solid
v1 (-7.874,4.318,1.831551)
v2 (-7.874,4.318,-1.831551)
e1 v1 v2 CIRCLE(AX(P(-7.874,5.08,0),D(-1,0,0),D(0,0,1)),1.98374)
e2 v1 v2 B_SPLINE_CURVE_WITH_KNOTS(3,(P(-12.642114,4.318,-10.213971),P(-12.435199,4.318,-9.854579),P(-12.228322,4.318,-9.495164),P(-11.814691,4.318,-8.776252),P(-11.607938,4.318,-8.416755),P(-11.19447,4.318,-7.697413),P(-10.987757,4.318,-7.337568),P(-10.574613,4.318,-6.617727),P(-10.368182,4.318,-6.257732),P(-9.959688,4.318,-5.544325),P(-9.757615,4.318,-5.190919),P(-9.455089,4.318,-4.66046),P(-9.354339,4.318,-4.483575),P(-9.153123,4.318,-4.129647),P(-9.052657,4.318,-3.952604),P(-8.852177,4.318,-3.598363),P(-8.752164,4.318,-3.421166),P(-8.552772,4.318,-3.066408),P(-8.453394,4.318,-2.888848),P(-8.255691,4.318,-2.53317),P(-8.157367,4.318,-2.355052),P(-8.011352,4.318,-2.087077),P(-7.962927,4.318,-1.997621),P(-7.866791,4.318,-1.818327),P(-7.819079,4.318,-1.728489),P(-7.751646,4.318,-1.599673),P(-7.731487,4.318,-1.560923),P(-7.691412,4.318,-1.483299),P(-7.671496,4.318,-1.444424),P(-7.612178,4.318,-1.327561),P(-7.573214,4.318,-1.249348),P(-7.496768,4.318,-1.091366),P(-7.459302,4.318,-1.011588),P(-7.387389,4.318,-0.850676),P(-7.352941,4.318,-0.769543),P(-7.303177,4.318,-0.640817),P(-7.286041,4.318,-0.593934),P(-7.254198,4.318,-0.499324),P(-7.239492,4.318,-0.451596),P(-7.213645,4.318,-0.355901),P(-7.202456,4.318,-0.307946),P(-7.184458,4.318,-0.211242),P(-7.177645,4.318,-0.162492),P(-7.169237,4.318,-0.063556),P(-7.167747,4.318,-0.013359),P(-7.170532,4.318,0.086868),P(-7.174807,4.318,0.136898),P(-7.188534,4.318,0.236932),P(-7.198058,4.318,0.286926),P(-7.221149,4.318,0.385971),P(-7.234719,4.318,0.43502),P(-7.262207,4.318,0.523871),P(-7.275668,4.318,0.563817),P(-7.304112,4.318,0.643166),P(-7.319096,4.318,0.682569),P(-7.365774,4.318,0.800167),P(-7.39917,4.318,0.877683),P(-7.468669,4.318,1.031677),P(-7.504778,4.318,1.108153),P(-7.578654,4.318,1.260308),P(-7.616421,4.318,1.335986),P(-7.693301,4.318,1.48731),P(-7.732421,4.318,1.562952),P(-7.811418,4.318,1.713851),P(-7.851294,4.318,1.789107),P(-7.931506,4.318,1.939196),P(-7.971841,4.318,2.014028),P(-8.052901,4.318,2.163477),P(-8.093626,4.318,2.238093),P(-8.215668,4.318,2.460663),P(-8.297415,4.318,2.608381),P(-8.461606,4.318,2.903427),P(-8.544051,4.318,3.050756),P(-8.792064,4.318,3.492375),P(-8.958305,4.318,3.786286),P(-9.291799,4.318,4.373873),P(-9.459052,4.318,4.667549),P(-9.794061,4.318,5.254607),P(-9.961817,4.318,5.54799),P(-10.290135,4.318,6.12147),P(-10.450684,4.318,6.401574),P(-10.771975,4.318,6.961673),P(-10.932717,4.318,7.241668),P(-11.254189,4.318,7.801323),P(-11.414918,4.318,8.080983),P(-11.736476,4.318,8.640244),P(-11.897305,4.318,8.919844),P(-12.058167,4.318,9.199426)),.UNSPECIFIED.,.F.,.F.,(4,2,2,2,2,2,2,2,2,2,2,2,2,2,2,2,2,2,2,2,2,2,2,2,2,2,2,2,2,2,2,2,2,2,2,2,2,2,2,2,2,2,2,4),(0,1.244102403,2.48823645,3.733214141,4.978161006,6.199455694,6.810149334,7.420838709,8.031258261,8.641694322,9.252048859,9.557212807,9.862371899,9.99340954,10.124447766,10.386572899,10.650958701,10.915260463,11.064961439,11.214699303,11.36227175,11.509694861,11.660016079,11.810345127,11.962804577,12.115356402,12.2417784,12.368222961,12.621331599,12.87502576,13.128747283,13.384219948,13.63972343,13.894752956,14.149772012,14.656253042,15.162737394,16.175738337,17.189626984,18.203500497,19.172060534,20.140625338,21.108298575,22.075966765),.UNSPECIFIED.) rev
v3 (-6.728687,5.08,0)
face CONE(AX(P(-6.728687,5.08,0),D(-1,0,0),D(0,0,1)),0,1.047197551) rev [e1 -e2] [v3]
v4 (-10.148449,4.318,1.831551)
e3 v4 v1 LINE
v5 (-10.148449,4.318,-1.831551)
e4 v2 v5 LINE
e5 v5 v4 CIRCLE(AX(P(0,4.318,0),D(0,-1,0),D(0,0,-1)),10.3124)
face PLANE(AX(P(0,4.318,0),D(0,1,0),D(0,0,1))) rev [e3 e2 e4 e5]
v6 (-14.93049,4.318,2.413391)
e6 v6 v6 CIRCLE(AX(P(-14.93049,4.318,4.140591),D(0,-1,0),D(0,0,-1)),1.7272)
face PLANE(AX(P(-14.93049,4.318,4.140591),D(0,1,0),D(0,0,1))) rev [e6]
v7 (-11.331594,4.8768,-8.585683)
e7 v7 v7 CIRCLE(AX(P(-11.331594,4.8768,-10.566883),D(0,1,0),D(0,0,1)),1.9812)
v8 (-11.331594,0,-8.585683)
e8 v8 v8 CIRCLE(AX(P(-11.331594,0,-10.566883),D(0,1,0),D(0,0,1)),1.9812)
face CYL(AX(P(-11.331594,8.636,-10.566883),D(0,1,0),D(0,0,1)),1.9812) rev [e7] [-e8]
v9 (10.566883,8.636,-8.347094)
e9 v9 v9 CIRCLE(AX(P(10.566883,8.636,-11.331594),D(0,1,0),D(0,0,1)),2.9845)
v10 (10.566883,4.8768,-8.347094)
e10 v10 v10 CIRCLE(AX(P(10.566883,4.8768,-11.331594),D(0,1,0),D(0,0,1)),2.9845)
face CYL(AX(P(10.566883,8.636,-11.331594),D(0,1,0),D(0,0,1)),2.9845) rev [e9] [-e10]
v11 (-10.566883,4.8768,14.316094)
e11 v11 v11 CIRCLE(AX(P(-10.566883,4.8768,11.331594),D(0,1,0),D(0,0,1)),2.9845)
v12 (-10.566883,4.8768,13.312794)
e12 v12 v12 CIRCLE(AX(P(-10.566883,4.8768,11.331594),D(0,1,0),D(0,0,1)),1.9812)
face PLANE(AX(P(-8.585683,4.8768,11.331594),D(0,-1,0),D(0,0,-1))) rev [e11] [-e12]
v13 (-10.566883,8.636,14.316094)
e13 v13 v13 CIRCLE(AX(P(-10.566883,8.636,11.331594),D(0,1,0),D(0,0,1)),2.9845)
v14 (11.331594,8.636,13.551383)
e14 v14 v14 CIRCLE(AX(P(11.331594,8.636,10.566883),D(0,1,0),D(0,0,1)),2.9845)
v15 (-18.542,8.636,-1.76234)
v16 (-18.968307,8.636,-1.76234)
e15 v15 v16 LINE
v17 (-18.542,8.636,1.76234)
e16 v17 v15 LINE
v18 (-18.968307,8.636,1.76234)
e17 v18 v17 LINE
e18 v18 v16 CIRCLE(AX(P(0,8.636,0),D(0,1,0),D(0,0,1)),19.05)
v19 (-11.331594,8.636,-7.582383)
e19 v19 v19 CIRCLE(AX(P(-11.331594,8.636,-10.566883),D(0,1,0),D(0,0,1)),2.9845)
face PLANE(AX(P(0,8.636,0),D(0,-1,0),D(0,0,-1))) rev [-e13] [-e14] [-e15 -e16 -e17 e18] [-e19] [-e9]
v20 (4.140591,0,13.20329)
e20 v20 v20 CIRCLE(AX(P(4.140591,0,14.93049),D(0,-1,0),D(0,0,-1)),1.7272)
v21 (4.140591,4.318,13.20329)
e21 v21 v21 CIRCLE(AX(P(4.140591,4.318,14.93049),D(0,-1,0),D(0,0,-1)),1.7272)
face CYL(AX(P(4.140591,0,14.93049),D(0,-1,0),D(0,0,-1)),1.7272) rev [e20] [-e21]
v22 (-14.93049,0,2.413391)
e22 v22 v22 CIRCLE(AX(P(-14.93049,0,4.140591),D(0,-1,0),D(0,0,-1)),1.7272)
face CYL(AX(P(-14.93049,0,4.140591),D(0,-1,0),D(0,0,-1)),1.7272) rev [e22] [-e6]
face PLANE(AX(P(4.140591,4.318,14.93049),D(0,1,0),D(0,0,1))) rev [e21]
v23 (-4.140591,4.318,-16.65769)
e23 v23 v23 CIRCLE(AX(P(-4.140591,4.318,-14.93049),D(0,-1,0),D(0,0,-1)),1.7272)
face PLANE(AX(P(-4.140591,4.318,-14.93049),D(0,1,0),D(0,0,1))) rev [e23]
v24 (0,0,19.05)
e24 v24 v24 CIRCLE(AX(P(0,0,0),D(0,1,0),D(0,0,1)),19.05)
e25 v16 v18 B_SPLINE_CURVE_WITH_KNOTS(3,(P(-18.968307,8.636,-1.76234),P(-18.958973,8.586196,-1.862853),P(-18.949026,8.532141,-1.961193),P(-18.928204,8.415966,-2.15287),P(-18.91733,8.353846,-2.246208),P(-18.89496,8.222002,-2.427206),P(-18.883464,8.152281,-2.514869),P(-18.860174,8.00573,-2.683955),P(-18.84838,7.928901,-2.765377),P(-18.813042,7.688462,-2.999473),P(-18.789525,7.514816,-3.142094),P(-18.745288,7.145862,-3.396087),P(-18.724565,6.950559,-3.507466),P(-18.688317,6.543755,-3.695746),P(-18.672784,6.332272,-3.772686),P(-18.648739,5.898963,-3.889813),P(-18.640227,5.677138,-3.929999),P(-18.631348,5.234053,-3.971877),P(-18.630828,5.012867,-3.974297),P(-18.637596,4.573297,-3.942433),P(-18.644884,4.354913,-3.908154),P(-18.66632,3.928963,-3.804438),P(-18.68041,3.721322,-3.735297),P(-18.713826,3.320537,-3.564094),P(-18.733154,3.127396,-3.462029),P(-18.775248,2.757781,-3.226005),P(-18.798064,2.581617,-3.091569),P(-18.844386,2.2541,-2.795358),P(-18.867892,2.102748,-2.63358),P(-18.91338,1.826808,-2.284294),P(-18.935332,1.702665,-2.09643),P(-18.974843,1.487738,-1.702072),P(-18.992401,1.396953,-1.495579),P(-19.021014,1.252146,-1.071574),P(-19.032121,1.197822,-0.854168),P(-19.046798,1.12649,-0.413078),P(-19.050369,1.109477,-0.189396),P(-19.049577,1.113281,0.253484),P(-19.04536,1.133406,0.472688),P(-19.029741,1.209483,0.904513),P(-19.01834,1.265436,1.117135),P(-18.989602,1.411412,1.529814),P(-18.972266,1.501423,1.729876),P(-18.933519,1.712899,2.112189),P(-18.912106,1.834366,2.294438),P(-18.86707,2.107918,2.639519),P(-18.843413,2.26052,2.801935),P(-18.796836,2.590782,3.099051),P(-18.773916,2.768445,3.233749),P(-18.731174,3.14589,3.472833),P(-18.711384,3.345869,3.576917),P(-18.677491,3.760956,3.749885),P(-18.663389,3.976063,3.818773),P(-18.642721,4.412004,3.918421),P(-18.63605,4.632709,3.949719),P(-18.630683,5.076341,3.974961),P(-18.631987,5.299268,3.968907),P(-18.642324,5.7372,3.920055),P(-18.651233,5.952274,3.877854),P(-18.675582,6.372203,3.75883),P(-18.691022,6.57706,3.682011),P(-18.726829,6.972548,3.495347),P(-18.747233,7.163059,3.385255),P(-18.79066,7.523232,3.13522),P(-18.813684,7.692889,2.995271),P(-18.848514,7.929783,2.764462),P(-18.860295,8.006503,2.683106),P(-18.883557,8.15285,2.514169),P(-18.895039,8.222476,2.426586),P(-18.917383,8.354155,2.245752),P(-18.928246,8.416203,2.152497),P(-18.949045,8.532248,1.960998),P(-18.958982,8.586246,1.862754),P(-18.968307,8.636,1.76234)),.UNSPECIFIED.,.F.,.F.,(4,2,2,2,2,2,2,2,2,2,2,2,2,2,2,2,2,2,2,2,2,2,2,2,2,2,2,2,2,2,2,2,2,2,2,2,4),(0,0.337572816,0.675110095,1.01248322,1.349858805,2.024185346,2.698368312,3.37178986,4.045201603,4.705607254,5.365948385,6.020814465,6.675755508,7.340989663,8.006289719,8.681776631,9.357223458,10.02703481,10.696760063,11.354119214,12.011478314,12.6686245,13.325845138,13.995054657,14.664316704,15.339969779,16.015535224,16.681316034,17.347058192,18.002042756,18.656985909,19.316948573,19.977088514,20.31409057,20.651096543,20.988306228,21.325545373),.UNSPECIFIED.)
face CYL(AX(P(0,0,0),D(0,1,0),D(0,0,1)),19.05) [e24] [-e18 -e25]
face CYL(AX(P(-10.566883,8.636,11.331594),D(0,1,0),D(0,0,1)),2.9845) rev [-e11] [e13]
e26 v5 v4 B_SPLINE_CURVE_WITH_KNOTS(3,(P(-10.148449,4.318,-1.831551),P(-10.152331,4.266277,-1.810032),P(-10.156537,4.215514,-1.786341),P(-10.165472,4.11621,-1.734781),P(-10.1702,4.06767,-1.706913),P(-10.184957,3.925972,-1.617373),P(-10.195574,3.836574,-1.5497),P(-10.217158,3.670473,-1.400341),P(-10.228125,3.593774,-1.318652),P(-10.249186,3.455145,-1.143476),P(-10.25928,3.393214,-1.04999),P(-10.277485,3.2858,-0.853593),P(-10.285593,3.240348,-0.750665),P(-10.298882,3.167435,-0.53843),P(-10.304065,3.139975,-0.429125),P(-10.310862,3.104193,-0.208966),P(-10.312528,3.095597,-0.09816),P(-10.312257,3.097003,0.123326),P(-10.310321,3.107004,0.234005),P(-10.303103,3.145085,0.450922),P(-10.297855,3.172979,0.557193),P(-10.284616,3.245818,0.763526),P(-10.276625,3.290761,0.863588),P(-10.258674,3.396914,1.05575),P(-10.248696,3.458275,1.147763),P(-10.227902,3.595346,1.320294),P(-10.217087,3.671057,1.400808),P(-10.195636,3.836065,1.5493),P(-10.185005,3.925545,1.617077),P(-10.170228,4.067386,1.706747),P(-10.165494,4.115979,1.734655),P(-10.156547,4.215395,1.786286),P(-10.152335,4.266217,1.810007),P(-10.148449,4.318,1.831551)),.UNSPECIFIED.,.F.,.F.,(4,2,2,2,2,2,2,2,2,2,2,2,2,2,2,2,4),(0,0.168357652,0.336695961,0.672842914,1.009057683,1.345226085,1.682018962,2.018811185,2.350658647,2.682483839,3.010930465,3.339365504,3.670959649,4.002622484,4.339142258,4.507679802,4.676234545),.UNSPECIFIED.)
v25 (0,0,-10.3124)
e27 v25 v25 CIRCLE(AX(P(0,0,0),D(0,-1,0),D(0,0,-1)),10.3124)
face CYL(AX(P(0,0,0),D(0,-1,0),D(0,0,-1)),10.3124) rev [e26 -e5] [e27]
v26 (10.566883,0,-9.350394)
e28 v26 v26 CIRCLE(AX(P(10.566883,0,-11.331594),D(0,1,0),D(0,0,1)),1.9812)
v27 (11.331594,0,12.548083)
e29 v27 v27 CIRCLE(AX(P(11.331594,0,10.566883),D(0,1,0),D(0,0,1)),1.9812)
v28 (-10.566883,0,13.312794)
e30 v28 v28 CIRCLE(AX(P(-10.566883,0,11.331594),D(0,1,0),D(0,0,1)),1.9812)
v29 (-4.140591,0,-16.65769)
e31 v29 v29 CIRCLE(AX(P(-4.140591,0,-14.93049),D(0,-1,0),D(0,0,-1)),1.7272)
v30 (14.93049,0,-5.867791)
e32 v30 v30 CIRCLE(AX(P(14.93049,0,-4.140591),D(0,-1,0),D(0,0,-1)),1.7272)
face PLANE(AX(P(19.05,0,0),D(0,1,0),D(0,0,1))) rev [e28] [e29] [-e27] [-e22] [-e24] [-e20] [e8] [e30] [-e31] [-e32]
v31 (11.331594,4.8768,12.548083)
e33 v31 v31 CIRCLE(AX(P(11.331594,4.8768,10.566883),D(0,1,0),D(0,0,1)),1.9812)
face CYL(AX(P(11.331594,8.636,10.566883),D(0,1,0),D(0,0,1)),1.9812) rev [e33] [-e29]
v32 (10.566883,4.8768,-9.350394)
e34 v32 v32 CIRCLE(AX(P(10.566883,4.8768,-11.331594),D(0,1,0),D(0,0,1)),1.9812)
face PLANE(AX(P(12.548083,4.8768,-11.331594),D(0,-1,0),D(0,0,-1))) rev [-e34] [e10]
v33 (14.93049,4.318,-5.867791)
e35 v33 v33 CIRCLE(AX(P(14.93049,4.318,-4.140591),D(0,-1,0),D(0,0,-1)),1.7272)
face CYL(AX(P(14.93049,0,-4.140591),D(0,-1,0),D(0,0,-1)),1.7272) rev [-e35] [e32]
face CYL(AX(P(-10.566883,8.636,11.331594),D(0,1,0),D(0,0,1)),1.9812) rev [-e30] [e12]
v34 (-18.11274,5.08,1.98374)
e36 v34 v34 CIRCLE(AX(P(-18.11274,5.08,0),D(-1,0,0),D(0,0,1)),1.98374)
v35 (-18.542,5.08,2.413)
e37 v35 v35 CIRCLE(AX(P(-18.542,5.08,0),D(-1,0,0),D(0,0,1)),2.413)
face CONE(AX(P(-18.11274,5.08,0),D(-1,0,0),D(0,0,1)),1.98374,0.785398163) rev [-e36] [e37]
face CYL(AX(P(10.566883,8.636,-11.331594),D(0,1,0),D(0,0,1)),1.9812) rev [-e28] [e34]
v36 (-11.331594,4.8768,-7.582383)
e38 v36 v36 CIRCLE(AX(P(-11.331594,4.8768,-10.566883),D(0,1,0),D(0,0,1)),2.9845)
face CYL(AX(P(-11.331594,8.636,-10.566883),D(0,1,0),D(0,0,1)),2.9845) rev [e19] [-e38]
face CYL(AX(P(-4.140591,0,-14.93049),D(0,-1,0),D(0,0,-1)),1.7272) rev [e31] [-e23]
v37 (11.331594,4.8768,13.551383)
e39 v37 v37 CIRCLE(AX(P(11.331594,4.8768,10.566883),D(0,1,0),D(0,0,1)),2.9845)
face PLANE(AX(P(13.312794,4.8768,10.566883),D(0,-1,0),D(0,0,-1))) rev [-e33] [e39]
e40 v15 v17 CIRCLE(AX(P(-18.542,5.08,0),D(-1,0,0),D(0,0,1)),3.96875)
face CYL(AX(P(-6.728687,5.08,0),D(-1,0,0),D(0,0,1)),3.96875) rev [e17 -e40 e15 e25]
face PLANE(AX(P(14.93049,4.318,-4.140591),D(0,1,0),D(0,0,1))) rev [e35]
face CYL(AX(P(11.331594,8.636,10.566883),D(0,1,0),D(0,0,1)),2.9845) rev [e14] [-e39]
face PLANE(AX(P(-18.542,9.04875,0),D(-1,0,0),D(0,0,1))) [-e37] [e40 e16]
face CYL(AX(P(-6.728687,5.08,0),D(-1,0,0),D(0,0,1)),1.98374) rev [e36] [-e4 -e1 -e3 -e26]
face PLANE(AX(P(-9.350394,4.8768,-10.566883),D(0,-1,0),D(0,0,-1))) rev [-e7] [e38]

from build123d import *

# Parameters (mm, degrees)
SKETCH1_W         = 19.05
SKETCH1_H         = 8.636
HOLE1_D           = 3.9624
HOLE1_CBORE_D     = 5.969
HOLE1_CBORE_DEPTH = 3.7592
HOLE2_D           = 3.9624
HOLE2_CBORE_D     = 5.969
HOLE2_CBORE_DEPTH = 3.7592
HOLE3_D           = 3.9624
HOLE3_CBORE_D     = 5.969
HOLE3_CBORE_DEPTH = 3.7592
HOLE4_D           = 3.9624
HOLE4_CBORE_D     = 5.969
HOLE4_CBORE_DEPTH = 3.7592
HOLE5_D           = 20.6248
HOLE5_DEPTH       = 4.318
HOLE6_D           = 3.4544
HOLE6_DEPTH       = 4.318
HOLE7_D           = 3.4544
HOLE7_DEPTH       = 4.318
HOLE8_D           = 3.4544
HOLE8_DEPTH       = 4.318
HOLE9_D           = 3.4544
HOLE9_DEPTH       = 4.318


with BuildPart() as part:
    # Sketch1 → Revolve1 (revolve)
    with BuildSketch(Plane.XY):
        with Locations((9.525, 4.318)):
            Rectangle(SKETCH1_W, SKETCH1_H)
    revolve(axis=Axis((0, 0, 0), (0, 1, 0)))

    # Sketch2 → Cut-Revolve1 (revolve, cut)
    with BuildSketch(Plane.XY):
        Polygon((-19.05, 5.08), (-19.05, 9.04875), (-18.542, 9.04875), (-18.542, 7.493), (-18.11274, 7.06374), (-7.874, 7.06374), (-6.728687177, 5.08), align=None)
    revolve(axis=Axis((-6.728687177, 5.08, 0), (-1, 0, 0)), mode=Mode.SUBTRACT)

    # Hole1 (through all)
    with Locations(Plane(origin=(0, 8.636, 0), x_dir=(1, 0, 0), z_dir=(0, 1, 0))):
        with Locations((-10.566882591, -11.331594253)):
            CounterBoreHole(HOLE1_D / 2, HOLE1_CBORE_D / 2, HOLE1_CBORE_DEPTH)

    # Hole2 (through all)
    with Locations(Plane(origin=(0, 8.636, 0), x_dir=(1, 0, 0), z_dir=(0, 1, 0))):
        with Locations((11.331594253, -10.566882591)):
            CounterBoreHole(HOLE2_D / 2, HOLE2_CBORE_D / 2, HOLE2_CBORE_DEPTH)

    # Hole3 (through all)
    with Locations(Plane(origin=(0, 8.636, 0), x_dir=(1, 0, 0), z_dir=(0, 1, 0))):
        with Locations((10.566882591, 11.331594253)):
            CounterBoreHole(HOLE3_D / 2, HOLE3_CBORE_D / 2, HOLE3_CBORE_DEPTH)

    # Hole4 (through all)
    with Locations(Plane(origin=(0, 8.636, 0), x_dir=(1, 0, 0), z_dir=(0, 1, 0))):
        with Locations((-11.331594253, 10.566882591)):
            CounterBoreHole(HOLE4_D / 2, HOLE4_CBORE_D / 2, HOLE4_CBORE_DEPTH)

    # Hole5
    with Locations(Plane(origin=(0, 0, 0), x_dir=(-1, 0, 0), z_dir=(0, -1, 0))):
        with Locations((0, 0)):
            Hole(HOLE5_D / 2, depth=HOLE5_DEPTH)

    # Hole6
    with Locations(Plane(origin=(0, 0, 0), x_dir=(-1, 0, 0), z_dir=(0, -1, 0))):
        with Locations((14.930490242, -4.140591399)):
            Hole(HOLE6_D / 2, depth=HOLE6_DEPTH)

    # Hole7
    with Locations(Plane(origin=(0, 0, 0), x_dir=(-1, 0, 0), z_dir=(0, -1, 0))):
        with Locations((-4.140591399, -14.930490242)):
            Hole(HOLE7_D / 2, depth=HOLE7_DEPTH)

    # Hole8
    with Locations(Plane(origin=(0, 0, 0), x_dir=(-1, 0, 0), z_dir=(0, -1, 0))):
        with Locations((-14.930490242, 4.140591399)):
            Hole(HOLE8_D / 2, depth=HOLE8_DEPTH)

    # Hole9
    with Locations(Plane(origin=(0, 0, 0), x_dir=(-1, 0, 0), z_dir=(0, -1, 0))):
        with Locations((4.140591399, 14.930490242)):
            Hole(HOLE9_D / 2, depth=HOLE9_DEPTH)


solid = part.part
